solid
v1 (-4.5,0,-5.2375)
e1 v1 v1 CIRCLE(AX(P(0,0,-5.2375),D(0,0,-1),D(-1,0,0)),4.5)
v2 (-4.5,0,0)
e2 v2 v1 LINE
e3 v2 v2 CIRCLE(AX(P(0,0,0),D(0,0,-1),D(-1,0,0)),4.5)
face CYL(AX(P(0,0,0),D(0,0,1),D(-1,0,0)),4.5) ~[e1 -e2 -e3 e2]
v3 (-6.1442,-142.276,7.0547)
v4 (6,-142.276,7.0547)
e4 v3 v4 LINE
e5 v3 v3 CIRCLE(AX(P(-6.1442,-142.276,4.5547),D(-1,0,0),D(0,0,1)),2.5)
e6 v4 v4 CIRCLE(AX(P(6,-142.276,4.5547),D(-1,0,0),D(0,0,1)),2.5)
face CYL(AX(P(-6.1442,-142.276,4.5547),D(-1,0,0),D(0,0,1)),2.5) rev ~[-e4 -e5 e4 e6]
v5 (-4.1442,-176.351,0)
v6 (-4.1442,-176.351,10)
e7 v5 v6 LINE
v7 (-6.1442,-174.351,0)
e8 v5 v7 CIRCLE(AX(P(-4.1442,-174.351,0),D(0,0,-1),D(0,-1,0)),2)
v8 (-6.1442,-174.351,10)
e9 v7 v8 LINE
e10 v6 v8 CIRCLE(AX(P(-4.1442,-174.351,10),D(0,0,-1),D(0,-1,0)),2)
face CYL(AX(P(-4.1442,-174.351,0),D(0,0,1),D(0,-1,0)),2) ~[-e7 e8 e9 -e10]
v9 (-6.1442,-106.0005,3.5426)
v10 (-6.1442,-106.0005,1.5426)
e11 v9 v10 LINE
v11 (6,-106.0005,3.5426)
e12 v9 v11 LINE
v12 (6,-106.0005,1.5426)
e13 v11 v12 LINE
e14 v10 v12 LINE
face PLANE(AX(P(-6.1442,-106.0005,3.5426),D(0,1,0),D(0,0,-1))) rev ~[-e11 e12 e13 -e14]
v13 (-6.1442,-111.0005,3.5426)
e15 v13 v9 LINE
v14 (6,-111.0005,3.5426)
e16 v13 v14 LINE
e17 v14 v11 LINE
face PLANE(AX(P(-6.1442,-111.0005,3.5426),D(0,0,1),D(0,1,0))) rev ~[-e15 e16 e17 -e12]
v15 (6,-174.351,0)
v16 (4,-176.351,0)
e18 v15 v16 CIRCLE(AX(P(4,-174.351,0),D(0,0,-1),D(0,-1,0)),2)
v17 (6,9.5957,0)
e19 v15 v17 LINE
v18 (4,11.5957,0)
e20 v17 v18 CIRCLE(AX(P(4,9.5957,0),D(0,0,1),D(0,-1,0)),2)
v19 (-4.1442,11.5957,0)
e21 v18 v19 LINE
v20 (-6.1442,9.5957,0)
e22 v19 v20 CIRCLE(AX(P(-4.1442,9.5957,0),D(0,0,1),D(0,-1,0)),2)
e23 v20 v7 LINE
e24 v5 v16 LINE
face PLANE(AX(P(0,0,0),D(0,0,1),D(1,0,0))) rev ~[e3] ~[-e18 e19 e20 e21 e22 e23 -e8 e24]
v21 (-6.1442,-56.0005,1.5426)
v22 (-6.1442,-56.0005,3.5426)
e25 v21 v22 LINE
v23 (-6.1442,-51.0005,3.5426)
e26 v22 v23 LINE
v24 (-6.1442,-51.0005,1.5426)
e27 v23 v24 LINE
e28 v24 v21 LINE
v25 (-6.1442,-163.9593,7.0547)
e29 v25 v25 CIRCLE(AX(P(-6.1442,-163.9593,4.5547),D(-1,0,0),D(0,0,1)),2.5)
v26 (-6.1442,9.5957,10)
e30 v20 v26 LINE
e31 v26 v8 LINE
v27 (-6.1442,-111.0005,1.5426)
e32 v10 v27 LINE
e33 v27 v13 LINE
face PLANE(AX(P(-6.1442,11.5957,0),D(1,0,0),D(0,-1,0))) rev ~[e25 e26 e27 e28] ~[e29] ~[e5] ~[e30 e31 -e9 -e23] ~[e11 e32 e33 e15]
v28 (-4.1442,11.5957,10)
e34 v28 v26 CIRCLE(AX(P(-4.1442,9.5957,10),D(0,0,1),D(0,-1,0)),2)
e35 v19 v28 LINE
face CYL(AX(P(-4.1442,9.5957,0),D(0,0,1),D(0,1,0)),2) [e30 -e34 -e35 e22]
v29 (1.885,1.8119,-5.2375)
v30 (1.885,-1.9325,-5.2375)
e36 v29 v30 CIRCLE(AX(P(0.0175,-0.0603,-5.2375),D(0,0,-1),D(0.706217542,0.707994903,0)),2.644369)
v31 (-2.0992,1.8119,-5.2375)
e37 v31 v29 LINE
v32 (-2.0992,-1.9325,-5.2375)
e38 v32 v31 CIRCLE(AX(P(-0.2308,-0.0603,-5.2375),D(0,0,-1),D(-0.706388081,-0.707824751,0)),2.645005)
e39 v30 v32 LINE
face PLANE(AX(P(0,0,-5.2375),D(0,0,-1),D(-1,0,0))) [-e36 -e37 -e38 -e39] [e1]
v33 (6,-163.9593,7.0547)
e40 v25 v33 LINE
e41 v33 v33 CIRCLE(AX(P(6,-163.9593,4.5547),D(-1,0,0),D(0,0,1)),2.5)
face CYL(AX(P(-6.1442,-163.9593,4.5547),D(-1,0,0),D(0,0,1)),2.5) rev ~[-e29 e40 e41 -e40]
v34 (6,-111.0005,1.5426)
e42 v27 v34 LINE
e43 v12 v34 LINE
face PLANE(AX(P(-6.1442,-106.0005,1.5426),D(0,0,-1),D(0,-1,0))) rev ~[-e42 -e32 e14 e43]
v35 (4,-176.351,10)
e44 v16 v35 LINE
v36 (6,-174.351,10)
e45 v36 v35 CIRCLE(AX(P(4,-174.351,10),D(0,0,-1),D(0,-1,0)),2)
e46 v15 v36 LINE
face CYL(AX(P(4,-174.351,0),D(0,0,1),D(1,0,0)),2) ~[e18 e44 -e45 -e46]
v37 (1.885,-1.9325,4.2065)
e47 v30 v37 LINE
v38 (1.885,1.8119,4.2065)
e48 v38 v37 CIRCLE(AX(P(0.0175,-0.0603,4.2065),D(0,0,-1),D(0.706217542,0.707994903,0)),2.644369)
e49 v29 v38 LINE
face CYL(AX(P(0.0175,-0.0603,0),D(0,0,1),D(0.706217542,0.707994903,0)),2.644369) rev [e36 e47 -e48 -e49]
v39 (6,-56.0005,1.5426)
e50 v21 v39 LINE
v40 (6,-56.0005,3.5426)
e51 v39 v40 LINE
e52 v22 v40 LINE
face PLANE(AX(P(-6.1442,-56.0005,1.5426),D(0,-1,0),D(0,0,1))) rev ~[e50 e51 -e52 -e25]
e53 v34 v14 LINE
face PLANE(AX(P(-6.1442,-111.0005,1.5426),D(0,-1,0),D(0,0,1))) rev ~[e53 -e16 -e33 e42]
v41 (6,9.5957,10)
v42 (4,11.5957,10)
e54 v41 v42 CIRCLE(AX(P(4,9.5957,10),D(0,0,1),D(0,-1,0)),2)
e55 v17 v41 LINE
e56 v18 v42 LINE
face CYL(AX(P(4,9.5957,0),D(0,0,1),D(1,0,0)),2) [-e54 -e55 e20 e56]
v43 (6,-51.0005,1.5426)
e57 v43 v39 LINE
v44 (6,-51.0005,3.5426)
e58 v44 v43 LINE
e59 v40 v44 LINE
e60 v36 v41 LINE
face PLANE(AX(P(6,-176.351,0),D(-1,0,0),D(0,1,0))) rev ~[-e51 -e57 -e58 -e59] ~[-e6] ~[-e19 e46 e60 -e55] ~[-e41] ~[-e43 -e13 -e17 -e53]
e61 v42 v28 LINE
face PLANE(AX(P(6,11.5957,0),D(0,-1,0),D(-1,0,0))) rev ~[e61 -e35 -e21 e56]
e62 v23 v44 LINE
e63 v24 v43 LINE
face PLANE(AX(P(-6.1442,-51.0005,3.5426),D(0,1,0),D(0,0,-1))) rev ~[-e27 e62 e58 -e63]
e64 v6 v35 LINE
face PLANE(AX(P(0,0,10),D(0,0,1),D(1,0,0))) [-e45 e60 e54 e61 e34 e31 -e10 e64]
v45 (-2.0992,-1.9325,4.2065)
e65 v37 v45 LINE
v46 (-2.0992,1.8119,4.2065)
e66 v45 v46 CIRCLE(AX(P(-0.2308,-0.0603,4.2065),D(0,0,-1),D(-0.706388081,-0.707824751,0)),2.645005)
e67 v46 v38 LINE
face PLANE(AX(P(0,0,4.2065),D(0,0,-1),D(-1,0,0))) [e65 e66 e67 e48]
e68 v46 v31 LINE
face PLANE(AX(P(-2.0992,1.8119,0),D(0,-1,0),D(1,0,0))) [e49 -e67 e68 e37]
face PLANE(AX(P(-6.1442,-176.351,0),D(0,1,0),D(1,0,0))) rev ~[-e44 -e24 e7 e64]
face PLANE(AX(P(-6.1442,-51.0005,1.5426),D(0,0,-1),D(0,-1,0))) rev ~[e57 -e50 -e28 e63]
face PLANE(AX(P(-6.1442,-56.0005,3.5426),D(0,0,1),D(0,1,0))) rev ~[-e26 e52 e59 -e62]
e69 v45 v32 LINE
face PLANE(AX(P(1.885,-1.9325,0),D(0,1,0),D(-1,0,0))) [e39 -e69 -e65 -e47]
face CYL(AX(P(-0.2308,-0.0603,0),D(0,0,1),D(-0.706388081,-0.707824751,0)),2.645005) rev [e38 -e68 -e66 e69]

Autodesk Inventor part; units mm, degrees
ref_plane "YZ Plane" through (0, 0, 0) normal (1, 0, 0) x (0, 1, 0)
ref_plane "XZ Plane" through (0, 0, 0) normal (0, 1, 0) x (-1, 0, 0)
ref_plane "XY Plane" through (0, 0, 0) normal (0, 0, 1) x (1, 0, 0)
sketch "Sketch1" plane through (0, 0, 0) normal (0, 0, 1) x (1, 0, 0)
  line L0 (-2.0384, 1.8879) -> (2.0592, 1.8879)
  line L1 (2.0592, 1.8879) -> (2.0592, -1.9739)
  line L2 (2.0592, -1.9739) -> (-2.0384, -1.9739)
  line L3 (-2.0384, -1.9739) -> (-2.0384, 1.8879)
  arc A0 (2.0592, -1.9739) -> (2.0592, 1.8879) centre (-0.1442, -0.043) ccw
  arc A1 (-2.0384, 1.8879) -> (-2.0384, -1.9739) centre (-0.6409, -0.043) ccw
  line L4 (6, 11.5957) -> (-6.1442, 11.5957)
  line L5 (-6.1442, 11.5957) -> (-6.1442, -176.351)
  line L6 (-6.1442, -176.351) -> (6, -176.351)
  line L7 (6, -176.351) -> (6, 11.5957)
  point P0 (0, 0)
  dimension "d2" = 6
  dimension "d3" = 6
extrude "Extrusion1" add sketch "Sketch1" along normal blind 10
sketch "Sketch2" plane through (-6.1442, -176.351, 0) normal (-1, 0, 0) x (0, 0, 1)
  line L0 (3.5426, 125.3505) -> (1.5426, 125.3505)
  line L1 (1.5426, 125.3505) -> (1.5426, 120.3505)
  line L2 (1.5426, 120.3505) -> (3.5426, 120.3505)
  line L3 (3.5426, 120.3505) -> (3.5426, 125.3505)
  line L4 (3.5426, 70.3505) -> (1.5426, 70.3505)
  line L5 (1.5426, 70.3505) -> (1.5426, 65.3505)
  line L6 (1.5426, 65.3505) -> (3.5426, 65.3505)
  line L7 (3.5426, 65.3505) -> (3.5426, 70.3505)
  circle A0 centre (4.5547, 34.075) radius 2.5
  circle A1 centre (4.5547, 12.3917) radius 2.5
  point P0 (0, 176.351)
  dimension "d4" = 2
  dimension "d5" = 5
  dimension "d6" = 2
  dimension "d7" = 5
  dimension "d10" = 50
  dimension "d11" = 5
  dimension "d12" = 5
extrude "Extrusion2" cut sketch "Sketch2" against normal through all
sketch "Sketch3" plane through (-6.1442, -176.351, 0) normal (-1, 0, 0) x (0, 0, 1)
  point P0 (0, 176.351)
sketch "Sketch4" plane through (0, 0, 0) normal (0, 0, -1) x (-1, 0, 0)
  circle A0 centre (0, 0) radius 4.5
  dimension "d13" = 9
extrude "Extrusion3" add sketch "Sketch4" along normal blind 5.2375 and the other way blind 10
sketch "Sketch5" plane through (0, 0, 0) normal (0, 0, -1) x (-1, 0, 0)
  line L0 (2.0992, 1.8119) -> (-1.885, 1.8119)
  line L1 (-1.885, 1.8119) -> (-1.885, -1.9325)
  line L2 (-1.885, -1.9325) -> (2.0992, -1.9325)
  line L3 (2.0992, -1.9325) -> (2.0992, 1.8119)
  arc A0 (2.0992, -1.9325) -> (2.0992, 1.8119) centre (0.2308, -0.0603) ccw
  arc A1 (-1.885, 1.8119) -> (-1.885, -1.9325) centre (-0.0175, -0.0603) ccw
  point P0 (0, 0)
extrude "Extrusion4" cut sketch "Sketch5" along normal blind 5.2375 and the other way blind 4.2065
fillet "Fillet1" radius 2 4 edges at (6, 11.5957, 5) (-6.1442, 11.5957, 5) (-6.1442, -176.351, 5) (6, -176.351, 5)
properties part number "Arm"
